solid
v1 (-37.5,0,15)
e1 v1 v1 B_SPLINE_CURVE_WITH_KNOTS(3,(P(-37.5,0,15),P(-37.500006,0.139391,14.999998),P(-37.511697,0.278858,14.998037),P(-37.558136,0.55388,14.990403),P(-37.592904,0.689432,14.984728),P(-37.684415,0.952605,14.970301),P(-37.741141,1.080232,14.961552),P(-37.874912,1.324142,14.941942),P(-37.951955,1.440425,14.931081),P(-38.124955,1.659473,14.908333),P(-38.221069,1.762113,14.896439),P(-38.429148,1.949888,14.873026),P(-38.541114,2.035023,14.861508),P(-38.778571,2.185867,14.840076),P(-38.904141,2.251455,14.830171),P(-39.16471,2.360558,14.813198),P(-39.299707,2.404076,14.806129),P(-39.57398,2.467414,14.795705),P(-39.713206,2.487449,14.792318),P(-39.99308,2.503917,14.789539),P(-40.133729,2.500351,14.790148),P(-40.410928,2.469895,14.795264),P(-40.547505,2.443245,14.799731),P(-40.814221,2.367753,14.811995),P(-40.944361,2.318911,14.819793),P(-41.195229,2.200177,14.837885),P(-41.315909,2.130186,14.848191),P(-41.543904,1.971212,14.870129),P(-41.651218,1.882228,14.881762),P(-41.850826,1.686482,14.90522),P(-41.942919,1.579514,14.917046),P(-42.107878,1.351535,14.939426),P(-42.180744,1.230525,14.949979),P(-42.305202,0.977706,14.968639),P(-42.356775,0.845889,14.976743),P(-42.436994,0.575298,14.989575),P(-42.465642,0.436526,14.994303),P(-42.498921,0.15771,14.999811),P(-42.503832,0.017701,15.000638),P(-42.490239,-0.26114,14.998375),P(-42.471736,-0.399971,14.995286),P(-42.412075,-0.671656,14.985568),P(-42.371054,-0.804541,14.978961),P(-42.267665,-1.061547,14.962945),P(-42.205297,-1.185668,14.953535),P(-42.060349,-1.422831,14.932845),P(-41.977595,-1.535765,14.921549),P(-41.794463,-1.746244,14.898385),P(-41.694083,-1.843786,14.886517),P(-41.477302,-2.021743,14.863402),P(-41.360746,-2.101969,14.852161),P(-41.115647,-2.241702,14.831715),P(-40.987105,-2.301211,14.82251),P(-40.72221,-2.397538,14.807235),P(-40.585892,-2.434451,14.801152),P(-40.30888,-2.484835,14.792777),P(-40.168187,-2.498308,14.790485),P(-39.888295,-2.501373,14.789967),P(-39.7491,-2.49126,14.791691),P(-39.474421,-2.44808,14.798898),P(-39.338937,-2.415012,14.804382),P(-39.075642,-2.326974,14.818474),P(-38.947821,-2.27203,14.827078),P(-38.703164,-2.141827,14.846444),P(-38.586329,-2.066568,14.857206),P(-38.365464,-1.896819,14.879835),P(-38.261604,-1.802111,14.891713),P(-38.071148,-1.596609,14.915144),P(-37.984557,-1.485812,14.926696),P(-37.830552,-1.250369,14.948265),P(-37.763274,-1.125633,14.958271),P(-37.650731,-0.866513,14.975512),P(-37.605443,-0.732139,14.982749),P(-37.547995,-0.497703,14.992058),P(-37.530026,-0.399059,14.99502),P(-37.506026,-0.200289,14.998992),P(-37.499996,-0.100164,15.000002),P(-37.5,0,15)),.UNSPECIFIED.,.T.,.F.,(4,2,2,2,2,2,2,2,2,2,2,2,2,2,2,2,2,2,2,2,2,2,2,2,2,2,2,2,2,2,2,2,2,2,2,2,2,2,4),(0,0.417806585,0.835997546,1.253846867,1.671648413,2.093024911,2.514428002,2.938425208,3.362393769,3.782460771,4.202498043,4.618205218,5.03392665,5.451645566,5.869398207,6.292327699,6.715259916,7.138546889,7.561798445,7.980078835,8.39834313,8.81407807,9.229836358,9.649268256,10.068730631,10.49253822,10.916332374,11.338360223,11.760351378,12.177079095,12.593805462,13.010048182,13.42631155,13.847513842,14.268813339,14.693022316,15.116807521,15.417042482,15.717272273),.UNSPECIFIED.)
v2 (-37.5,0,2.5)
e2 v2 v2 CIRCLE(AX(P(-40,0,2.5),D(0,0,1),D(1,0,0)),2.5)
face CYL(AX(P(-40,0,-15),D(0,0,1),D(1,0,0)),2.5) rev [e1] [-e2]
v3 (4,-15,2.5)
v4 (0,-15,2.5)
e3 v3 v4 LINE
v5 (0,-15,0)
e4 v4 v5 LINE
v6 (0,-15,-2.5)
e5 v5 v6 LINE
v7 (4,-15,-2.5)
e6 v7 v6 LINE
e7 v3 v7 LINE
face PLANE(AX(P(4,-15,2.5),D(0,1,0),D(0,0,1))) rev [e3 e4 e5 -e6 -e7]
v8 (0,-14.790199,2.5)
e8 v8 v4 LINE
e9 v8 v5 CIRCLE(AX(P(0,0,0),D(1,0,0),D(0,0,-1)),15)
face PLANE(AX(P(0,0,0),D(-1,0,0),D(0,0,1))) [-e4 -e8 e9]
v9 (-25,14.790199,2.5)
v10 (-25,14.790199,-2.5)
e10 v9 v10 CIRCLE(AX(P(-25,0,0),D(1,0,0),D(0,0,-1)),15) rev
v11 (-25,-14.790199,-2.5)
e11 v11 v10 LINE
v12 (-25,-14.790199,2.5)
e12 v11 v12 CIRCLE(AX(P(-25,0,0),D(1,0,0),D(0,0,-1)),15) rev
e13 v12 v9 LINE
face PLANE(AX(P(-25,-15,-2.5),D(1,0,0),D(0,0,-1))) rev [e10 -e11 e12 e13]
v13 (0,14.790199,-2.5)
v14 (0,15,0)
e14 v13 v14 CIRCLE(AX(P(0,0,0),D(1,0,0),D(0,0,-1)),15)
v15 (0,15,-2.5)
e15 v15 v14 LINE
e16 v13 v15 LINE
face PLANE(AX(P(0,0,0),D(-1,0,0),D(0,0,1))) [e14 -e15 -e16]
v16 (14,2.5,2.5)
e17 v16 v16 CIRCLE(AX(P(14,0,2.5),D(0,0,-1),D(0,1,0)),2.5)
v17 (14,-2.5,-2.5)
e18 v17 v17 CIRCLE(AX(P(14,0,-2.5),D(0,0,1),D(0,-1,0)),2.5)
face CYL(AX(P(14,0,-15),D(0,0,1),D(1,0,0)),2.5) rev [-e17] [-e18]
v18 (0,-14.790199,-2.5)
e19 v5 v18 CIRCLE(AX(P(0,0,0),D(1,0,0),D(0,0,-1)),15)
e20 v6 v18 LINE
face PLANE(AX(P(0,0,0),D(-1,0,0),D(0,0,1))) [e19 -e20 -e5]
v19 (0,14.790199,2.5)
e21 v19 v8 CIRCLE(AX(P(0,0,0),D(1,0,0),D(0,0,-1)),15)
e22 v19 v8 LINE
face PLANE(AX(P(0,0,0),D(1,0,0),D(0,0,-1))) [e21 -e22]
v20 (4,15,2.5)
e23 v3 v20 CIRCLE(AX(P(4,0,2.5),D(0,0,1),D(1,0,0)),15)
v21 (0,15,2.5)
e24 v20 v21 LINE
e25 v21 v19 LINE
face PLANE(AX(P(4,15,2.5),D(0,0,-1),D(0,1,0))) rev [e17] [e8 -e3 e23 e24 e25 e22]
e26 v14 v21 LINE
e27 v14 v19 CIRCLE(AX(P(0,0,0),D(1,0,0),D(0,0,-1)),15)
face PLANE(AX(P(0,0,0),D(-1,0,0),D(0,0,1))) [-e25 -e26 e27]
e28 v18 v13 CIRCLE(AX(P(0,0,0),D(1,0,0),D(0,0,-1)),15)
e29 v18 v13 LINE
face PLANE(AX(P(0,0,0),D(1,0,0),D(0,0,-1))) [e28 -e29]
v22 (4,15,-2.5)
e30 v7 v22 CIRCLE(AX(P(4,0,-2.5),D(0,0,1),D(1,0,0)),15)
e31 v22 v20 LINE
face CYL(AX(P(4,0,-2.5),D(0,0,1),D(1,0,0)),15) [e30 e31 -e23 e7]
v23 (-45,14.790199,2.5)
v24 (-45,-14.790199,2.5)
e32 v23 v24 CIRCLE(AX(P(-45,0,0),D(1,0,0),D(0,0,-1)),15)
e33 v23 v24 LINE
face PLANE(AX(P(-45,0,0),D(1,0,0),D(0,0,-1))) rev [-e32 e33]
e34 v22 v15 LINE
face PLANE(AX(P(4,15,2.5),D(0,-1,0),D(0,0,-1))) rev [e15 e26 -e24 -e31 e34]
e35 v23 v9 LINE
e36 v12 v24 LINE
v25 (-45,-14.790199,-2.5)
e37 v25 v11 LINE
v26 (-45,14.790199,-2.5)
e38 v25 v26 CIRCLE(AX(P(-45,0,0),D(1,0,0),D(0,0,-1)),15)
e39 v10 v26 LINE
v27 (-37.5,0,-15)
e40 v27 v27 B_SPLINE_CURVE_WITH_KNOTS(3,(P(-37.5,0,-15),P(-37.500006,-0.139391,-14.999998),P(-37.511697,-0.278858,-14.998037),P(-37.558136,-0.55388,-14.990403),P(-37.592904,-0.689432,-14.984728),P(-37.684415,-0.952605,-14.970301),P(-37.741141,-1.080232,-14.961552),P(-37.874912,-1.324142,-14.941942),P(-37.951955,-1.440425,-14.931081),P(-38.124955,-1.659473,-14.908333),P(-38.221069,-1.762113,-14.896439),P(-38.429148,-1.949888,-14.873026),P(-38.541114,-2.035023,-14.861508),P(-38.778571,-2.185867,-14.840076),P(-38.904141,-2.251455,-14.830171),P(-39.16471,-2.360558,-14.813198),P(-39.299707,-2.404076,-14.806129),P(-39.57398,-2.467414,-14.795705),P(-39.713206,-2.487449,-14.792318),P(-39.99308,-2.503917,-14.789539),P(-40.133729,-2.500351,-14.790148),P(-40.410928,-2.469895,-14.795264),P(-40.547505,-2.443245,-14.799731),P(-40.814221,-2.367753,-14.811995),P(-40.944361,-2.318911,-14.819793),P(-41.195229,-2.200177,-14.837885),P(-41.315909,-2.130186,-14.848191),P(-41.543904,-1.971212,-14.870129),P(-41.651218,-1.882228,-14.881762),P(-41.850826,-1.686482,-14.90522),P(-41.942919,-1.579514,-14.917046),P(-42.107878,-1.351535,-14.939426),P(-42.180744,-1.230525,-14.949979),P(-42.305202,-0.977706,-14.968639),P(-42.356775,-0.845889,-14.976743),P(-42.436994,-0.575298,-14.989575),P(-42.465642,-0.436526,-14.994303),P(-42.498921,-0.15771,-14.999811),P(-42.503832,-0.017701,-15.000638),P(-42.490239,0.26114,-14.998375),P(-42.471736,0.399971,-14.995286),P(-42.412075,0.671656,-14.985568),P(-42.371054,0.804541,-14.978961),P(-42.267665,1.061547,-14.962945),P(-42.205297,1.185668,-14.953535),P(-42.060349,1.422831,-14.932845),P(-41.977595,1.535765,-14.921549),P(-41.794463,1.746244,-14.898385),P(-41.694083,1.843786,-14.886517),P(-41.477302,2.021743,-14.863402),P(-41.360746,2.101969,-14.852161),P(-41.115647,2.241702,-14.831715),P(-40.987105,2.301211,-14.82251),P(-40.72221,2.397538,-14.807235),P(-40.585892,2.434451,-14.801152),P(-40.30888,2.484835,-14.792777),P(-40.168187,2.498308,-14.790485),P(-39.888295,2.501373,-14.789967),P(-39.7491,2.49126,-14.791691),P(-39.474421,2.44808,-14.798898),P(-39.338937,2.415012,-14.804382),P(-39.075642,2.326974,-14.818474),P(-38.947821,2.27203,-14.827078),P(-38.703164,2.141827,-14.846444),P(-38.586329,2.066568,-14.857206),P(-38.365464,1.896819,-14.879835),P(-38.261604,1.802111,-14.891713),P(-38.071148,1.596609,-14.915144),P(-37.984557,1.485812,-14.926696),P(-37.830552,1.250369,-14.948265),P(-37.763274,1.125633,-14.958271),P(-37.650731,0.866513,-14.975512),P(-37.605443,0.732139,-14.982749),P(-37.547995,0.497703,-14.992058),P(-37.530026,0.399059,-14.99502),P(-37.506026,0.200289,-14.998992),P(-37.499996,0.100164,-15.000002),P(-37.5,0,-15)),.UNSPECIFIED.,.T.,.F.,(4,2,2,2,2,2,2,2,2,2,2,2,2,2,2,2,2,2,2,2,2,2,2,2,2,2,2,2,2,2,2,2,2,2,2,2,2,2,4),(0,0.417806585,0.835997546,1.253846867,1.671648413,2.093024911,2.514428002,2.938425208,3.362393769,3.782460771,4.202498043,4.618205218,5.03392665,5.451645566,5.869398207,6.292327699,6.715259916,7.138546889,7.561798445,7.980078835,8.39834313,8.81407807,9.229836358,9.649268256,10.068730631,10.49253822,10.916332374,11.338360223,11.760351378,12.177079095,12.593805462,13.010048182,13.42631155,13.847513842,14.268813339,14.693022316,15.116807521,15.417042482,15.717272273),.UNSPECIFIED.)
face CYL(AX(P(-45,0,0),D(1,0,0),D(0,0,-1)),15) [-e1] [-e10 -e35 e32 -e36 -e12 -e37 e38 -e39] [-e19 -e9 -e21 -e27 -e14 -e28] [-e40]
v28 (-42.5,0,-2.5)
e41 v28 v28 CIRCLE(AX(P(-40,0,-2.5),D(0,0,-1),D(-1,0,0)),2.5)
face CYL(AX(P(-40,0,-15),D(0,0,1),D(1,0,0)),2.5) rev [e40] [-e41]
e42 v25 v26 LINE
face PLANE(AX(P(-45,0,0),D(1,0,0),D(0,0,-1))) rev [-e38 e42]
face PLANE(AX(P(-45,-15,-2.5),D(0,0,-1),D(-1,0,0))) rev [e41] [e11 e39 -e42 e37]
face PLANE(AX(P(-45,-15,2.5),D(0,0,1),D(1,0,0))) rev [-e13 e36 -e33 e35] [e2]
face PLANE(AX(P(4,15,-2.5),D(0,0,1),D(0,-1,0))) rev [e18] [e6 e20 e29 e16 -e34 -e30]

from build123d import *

# Parameters (mm, degrees)
SKETCH2_R               = 15
BOSS_EXTRUDE1_DEPTH     = 45
CUT_EXTRUDE1_DEPTH      = 50.749371855
CUT_EXTRUDE1_DEPTH_BACK = 50.749371855
SKETCH3_W               = 20
SKETCH3_H               = 5
CUT_EXTRUDE2_DEPTH      = 50.749371855
CUT_EXTRUDE2_DEPTH_BACK = 50.749371855
SKETCH6_R               = 2.5
SKETCH7_W               = 5
SKETCH7_H               = 30
BOSS_EXTRUDE2_DEPTH     = 4
BOSS_EXTRUDE3_DEPTH     = 5
CUT_EXTRUDE3_DEPTH      = 51.559371194
CUT_EXTRUDE3_DEPTH_BACK = 51.559371194
SKETCH9_R               = 2.5


with BuildPart() as part:
    # Sketch2 → Boss-Extrude1 (new body)
    with BuildSketch(Plane(origin=(0, 0, 0), x_dir=(0, 0, -1), z_dir=(1, 0, 0))):
        Circle(SKETCH2_R)
    extrude(amount=-BOSS_EXTRUDE1_DEPTH)

    # Sketch3 → Cut-Extrude1 (cut, two sides: drawn at the far end of the back side and taken through both)
    with BuildSketch(Plane(origin=(0, 0, 0), x_dir=(1, 0, 0), z_dir=(0, 1, 0)).offset(-CUT_EXTRUDE1_DEPTH_BACK)):
        with Locations((-35, 0)):
            Rectangle(SKETCH3_W, SKETCH3_H)
    extrude(amount=CUT_EXTRUDE1_DEPTH + CUT_EXTRUDE1_DEPTH_BACK, mode=Mode.SUBTRACT)

    # Sketch6 → Cut-Extrude2 (cut, two sides: drawn at the far end of the back side and taken through both)
    with BuildSketch(Plane.XY.offset(-CUT_EXTRUDE2_DEPTH_BACK)):
        with Locations((-40, 0)):
            Circle(SKETCH6_R)
    extrude(amount=CUT_EXTRUDE2_DEPTH + CUT_EXTRUDE2_DEPTH_BACK, mode=Mode.SUBTRACT)

    # Sketch7 → Boss-Extrude2 (add)
    with BuildSketch(Plane(origin=(0, 0, 0), x_dir=(0, 0, -1), z_dir=(1, 0, 0))):
        Rectangle(SKETCH7_W, SKETCH7_H)
    extrude(amount=BOSS_EXTRUDE2_DEPTH)

    # Sketch8 → Boss-Extrude3 (add)
    with BuildSketch(Plane.XY.offset(2.5)):
        with BuildLine():
            Line((4, 15), (4, -15))
            ThreePointArc((4, -15), (19, 0), (4, 15))
        make_face()
    extrude(amount=-BOSS_EXTRUDE3_DEPTH)

    # Sketch9 → Cut-Extrude3 (cut, two sides: drawn at the far end of the back side and taken through both)
    with BuildSketch(Plane.XY.offset(2.5).offset(-CUT_EXTRUDE3_DEPTH_BACK)):
        with Locations(Location((14, 0, 0), (0, 0, 270))):
            Circle(SKETCH9_R)
    extrude(amount=CUT_EXTRUDE3_DEPTH + CUT_EXTRUDE3_DEPTH_BACK, mode=Mode.SUBTRACT)


solid = part.part
